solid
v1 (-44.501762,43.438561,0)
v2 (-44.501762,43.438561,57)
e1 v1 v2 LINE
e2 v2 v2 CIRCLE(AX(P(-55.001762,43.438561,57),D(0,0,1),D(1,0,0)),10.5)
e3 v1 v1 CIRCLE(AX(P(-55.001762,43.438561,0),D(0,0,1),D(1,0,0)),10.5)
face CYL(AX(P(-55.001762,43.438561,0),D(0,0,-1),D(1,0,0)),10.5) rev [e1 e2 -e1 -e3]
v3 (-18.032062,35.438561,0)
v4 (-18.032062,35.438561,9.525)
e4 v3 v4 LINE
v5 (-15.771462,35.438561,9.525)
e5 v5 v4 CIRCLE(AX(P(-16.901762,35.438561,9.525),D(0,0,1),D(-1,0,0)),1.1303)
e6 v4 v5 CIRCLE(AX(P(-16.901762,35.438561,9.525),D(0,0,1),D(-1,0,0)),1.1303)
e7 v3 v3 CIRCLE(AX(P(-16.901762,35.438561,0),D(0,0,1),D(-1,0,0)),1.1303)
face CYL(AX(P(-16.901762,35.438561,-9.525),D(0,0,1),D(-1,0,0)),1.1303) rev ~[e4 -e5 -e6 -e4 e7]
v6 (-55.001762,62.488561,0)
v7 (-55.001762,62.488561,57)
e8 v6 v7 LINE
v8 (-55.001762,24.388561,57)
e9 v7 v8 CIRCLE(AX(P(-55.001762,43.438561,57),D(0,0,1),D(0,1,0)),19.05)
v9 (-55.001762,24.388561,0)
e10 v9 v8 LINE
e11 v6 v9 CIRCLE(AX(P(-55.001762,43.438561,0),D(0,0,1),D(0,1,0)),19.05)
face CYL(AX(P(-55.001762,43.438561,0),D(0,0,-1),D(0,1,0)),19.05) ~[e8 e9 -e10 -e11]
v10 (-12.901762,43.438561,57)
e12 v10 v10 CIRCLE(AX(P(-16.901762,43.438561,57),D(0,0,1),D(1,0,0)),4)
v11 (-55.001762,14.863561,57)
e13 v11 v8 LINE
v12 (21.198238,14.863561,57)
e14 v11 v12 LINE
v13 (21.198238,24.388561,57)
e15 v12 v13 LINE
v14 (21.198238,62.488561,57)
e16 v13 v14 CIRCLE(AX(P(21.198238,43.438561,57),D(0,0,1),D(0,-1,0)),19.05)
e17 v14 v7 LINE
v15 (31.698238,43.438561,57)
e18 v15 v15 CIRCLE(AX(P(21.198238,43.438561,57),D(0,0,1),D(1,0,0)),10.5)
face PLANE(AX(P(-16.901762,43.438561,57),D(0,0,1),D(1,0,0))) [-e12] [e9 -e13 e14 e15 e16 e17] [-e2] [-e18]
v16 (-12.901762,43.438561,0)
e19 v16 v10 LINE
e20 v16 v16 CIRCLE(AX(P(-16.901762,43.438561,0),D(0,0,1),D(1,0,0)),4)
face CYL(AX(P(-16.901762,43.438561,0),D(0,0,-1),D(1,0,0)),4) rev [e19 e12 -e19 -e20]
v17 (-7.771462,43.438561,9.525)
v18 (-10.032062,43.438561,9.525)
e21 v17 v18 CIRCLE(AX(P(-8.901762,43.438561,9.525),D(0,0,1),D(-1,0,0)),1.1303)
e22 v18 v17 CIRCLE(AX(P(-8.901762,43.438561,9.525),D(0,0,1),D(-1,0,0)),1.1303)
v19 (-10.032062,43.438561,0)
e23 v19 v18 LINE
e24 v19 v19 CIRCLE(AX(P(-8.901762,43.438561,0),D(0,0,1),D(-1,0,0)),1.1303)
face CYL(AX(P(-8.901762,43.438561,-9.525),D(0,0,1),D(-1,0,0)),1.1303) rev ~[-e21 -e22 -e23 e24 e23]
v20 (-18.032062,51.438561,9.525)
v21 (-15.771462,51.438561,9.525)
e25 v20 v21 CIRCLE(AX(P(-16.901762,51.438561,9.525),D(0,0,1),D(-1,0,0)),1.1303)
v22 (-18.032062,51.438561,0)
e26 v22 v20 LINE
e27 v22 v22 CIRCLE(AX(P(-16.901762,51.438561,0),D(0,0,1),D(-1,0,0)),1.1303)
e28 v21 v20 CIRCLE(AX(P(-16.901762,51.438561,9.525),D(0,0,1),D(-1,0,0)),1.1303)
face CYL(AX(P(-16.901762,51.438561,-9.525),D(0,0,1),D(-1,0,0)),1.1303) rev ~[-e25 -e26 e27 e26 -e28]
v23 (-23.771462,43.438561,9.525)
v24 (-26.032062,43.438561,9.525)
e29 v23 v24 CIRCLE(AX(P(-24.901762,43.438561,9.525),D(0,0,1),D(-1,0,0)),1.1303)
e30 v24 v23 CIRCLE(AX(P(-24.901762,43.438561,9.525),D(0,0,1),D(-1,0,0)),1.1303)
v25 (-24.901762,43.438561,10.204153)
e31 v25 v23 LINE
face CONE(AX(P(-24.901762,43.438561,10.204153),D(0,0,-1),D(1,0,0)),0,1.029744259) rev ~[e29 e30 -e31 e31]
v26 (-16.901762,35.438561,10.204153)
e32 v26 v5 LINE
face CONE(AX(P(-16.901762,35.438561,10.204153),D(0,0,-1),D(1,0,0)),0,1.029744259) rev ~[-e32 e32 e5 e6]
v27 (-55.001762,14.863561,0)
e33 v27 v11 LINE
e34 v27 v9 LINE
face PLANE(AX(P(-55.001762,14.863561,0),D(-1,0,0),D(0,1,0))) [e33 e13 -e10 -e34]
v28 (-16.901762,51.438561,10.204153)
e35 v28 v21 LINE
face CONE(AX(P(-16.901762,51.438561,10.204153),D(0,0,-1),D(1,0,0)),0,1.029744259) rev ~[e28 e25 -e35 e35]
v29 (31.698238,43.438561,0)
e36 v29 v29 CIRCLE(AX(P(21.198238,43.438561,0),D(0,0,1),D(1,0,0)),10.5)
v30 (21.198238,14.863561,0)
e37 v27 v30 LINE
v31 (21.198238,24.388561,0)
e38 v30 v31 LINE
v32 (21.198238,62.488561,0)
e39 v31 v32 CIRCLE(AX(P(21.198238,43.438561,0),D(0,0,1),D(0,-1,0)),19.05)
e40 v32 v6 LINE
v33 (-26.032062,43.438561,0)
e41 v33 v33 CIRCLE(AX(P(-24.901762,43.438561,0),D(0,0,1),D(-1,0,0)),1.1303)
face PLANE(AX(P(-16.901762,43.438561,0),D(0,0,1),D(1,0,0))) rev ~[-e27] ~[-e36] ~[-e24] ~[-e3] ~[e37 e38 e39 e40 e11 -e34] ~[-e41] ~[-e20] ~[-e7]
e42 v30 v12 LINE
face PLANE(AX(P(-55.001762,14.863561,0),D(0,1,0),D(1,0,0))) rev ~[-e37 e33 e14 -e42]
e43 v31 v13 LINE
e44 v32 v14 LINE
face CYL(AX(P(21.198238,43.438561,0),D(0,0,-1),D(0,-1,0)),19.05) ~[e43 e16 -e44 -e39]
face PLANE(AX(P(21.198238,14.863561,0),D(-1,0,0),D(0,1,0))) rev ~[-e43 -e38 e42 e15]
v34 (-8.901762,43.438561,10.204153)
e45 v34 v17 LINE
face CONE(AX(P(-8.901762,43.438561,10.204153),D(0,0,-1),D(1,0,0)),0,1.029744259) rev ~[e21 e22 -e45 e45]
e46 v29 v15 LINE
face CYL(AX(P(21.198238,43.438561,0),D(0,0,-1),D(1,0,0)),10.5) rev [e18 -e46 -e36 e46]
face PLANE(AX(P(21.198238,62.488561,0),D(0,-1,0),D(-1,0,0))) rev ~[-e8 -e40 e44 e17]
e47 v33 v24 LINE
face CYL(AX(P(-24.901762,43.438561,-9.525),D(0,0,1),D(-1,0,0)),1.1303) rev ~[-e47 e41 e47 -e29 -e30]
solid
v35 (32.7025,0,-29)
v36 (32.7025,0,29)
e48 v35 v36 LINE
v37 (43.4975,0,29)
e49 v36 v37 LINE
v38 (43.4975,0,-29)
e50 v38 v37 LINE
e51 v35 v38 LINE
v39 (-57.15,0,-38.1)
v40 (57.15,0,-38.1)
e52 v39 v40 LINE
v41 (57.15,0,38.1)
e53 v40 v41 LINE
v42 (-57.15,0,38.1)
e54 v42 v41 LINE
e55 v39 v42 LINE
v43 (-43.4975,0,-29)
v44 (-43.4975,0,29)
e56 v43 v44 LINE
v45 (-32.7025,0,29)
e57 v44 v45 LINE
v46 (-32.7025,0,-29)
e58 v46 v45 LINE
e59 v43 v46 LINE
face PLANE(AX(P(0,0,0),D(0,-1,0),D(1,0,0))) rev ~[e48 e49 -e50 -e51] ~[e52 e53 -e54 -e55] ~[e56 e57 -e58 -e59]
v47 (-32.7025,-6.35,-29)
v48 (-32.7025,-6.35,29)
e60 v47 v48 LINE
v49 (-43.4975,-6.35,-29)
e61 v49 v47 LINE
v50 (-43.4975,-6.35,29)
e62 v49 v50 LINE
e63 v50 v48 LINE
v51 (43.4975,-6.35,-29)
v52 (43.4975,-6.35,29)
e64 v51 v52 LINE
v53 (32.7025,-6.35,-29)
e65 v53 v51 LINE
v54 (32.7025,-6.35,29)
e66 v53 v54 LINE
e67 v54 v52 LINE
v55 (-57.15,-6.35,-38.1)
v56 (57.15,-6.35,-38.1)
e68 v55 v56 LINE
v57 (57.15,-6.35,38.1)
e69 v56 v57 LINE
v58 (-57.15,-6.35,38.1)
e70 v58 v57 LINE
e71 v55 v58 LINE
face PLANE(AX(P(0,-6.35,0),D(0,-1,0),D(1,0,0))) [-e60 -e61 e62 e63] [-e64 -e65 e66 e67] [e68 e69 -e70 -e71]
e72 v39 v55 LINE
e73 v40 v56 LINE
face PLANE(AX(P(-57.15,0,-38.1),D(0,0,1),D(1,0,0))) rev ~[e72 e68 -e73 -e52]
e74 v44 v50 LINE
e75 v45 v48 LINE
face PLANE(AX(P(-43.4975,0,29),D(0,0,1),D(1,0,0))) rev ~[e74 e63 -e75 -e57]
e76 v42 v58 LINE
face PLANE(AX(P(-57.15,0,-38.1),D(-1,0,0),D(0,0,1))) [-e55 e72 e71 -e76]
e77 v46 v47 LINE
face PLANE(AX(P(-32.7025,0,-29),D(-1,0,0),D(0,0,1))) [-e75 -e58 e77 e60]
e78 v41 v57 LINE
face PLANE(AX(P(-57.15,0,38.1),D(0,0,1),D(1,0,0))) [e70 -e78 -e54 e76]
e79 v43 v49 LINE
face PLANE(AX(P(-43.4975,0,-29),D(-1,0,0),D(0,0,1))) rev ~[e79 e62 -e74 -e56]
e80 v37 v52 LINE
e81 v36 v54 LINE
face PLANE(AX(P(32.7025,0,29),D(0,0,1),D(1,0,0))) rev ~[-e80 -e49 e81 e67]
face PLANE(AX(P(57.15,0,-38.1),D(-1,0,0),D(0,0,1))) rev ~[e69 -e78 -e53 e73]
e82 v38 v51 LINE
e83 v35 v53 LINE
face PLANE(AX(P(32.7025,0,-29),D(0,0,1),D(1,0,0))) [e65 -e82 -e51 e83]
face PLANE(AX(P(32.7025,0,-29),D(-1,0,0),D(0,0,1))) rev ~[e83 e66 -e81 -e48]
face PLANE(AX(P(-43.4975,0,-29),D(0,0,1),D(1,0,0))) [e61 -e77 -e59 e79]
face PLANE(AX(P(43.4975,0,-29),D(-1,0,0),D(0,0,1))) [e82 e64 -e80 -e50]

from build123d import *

# Parameters (mm, degrees)
F0_W     = 114.3
F0_H     = 76.2
F0_W_2   = 10.795
F0_H_2   = 58
F1_DEPTH = 6.35
F2_R     = 10.5
F2_R_2   = 4
F2_W     = 76.2
F2_H     = 9.525
F3_DEPTH = 57
F5_D     = 2.2606
F5_DEPTH = 9.525
F5_TIP   = 0.6791527577


with BuildPart() as f1:
    # F0 (on Front) → F1 (new body)
    with BuildSketch(Plane.XZ):
        Rectangle(F0_W, F0_H)
        with Locations((-38.1, 0)):
            Rectangle(F0_W_2, F0_H_2, mode=Mode.SUBTRACT)
        with Locations((38.1, 0)):
            Rectangle(F0_W_2, F0_H_2, mode=Mode.SUBTRACT)
    extrude(amount=F1_DEPTH)


with BuildPart() as f3:
    # F2 (on Top) → F3 (new body)
    with BuildSketch(Plane.XY):
        with BuildLine():
            ThreePointArc((-55.0017617643, 62.4885612607), (-74.0517617643, 43.4385612607), (-55.0017617643, 24.3885612607))
            Line((-55.0017617643, 24.3885612607), (21.1982382357, 24.3885612607))
            ThreePointArc((21.1982382357, 24.3885612607), (40.2482382357, 43.4385612607), (21.1982382357, 62.4885612607))
            Line((21.1982382357, 62.4885612607), (-55.0017617643, 62.4885612607))
        make_face()
        with Locations((-55.0017617643, 43.4385612607)):
            Circle(F2_R, mode=Mode.SUBTRACT)
        with Locations((-16.9017617643, 43.4385612607)):
            Circle(F2_R_2, mode=Mode.SUBTRACT)
        with Locations((21.1982382357, 43.4385612607)):
            Circle(F2_R, mode=Mode.SUBTRACT)
        with Locations((-16.9017617643, 19.6260612607)):
            Rectangle(F2_W, F2_H)
    extrude(amount=F3_DEPTH)

    # F5
    with Locations(Plane(origin=(0, 0, 0), x_dir=(1, 0, 0), z_dir=(0, 0, -1))):
        with Locations((-24.9017617643, -43.4385612607), (-16.9017617643, -35.4385612607), (-8.9017617643, -43.4385612607), (-16.9017617643, -51.4385612607)):
            Hole(F5_D / 2, depth=F5_DEPTH)
            with Locations((0, 0, -(F5_DEPTH + F5_TIP / 2))):  # 118° drill point
                Cone(0, F5_D / 2, F5_TIP, mode=Mode.SUBTRACT)


solid = Compound([f1.part, f3.part])
